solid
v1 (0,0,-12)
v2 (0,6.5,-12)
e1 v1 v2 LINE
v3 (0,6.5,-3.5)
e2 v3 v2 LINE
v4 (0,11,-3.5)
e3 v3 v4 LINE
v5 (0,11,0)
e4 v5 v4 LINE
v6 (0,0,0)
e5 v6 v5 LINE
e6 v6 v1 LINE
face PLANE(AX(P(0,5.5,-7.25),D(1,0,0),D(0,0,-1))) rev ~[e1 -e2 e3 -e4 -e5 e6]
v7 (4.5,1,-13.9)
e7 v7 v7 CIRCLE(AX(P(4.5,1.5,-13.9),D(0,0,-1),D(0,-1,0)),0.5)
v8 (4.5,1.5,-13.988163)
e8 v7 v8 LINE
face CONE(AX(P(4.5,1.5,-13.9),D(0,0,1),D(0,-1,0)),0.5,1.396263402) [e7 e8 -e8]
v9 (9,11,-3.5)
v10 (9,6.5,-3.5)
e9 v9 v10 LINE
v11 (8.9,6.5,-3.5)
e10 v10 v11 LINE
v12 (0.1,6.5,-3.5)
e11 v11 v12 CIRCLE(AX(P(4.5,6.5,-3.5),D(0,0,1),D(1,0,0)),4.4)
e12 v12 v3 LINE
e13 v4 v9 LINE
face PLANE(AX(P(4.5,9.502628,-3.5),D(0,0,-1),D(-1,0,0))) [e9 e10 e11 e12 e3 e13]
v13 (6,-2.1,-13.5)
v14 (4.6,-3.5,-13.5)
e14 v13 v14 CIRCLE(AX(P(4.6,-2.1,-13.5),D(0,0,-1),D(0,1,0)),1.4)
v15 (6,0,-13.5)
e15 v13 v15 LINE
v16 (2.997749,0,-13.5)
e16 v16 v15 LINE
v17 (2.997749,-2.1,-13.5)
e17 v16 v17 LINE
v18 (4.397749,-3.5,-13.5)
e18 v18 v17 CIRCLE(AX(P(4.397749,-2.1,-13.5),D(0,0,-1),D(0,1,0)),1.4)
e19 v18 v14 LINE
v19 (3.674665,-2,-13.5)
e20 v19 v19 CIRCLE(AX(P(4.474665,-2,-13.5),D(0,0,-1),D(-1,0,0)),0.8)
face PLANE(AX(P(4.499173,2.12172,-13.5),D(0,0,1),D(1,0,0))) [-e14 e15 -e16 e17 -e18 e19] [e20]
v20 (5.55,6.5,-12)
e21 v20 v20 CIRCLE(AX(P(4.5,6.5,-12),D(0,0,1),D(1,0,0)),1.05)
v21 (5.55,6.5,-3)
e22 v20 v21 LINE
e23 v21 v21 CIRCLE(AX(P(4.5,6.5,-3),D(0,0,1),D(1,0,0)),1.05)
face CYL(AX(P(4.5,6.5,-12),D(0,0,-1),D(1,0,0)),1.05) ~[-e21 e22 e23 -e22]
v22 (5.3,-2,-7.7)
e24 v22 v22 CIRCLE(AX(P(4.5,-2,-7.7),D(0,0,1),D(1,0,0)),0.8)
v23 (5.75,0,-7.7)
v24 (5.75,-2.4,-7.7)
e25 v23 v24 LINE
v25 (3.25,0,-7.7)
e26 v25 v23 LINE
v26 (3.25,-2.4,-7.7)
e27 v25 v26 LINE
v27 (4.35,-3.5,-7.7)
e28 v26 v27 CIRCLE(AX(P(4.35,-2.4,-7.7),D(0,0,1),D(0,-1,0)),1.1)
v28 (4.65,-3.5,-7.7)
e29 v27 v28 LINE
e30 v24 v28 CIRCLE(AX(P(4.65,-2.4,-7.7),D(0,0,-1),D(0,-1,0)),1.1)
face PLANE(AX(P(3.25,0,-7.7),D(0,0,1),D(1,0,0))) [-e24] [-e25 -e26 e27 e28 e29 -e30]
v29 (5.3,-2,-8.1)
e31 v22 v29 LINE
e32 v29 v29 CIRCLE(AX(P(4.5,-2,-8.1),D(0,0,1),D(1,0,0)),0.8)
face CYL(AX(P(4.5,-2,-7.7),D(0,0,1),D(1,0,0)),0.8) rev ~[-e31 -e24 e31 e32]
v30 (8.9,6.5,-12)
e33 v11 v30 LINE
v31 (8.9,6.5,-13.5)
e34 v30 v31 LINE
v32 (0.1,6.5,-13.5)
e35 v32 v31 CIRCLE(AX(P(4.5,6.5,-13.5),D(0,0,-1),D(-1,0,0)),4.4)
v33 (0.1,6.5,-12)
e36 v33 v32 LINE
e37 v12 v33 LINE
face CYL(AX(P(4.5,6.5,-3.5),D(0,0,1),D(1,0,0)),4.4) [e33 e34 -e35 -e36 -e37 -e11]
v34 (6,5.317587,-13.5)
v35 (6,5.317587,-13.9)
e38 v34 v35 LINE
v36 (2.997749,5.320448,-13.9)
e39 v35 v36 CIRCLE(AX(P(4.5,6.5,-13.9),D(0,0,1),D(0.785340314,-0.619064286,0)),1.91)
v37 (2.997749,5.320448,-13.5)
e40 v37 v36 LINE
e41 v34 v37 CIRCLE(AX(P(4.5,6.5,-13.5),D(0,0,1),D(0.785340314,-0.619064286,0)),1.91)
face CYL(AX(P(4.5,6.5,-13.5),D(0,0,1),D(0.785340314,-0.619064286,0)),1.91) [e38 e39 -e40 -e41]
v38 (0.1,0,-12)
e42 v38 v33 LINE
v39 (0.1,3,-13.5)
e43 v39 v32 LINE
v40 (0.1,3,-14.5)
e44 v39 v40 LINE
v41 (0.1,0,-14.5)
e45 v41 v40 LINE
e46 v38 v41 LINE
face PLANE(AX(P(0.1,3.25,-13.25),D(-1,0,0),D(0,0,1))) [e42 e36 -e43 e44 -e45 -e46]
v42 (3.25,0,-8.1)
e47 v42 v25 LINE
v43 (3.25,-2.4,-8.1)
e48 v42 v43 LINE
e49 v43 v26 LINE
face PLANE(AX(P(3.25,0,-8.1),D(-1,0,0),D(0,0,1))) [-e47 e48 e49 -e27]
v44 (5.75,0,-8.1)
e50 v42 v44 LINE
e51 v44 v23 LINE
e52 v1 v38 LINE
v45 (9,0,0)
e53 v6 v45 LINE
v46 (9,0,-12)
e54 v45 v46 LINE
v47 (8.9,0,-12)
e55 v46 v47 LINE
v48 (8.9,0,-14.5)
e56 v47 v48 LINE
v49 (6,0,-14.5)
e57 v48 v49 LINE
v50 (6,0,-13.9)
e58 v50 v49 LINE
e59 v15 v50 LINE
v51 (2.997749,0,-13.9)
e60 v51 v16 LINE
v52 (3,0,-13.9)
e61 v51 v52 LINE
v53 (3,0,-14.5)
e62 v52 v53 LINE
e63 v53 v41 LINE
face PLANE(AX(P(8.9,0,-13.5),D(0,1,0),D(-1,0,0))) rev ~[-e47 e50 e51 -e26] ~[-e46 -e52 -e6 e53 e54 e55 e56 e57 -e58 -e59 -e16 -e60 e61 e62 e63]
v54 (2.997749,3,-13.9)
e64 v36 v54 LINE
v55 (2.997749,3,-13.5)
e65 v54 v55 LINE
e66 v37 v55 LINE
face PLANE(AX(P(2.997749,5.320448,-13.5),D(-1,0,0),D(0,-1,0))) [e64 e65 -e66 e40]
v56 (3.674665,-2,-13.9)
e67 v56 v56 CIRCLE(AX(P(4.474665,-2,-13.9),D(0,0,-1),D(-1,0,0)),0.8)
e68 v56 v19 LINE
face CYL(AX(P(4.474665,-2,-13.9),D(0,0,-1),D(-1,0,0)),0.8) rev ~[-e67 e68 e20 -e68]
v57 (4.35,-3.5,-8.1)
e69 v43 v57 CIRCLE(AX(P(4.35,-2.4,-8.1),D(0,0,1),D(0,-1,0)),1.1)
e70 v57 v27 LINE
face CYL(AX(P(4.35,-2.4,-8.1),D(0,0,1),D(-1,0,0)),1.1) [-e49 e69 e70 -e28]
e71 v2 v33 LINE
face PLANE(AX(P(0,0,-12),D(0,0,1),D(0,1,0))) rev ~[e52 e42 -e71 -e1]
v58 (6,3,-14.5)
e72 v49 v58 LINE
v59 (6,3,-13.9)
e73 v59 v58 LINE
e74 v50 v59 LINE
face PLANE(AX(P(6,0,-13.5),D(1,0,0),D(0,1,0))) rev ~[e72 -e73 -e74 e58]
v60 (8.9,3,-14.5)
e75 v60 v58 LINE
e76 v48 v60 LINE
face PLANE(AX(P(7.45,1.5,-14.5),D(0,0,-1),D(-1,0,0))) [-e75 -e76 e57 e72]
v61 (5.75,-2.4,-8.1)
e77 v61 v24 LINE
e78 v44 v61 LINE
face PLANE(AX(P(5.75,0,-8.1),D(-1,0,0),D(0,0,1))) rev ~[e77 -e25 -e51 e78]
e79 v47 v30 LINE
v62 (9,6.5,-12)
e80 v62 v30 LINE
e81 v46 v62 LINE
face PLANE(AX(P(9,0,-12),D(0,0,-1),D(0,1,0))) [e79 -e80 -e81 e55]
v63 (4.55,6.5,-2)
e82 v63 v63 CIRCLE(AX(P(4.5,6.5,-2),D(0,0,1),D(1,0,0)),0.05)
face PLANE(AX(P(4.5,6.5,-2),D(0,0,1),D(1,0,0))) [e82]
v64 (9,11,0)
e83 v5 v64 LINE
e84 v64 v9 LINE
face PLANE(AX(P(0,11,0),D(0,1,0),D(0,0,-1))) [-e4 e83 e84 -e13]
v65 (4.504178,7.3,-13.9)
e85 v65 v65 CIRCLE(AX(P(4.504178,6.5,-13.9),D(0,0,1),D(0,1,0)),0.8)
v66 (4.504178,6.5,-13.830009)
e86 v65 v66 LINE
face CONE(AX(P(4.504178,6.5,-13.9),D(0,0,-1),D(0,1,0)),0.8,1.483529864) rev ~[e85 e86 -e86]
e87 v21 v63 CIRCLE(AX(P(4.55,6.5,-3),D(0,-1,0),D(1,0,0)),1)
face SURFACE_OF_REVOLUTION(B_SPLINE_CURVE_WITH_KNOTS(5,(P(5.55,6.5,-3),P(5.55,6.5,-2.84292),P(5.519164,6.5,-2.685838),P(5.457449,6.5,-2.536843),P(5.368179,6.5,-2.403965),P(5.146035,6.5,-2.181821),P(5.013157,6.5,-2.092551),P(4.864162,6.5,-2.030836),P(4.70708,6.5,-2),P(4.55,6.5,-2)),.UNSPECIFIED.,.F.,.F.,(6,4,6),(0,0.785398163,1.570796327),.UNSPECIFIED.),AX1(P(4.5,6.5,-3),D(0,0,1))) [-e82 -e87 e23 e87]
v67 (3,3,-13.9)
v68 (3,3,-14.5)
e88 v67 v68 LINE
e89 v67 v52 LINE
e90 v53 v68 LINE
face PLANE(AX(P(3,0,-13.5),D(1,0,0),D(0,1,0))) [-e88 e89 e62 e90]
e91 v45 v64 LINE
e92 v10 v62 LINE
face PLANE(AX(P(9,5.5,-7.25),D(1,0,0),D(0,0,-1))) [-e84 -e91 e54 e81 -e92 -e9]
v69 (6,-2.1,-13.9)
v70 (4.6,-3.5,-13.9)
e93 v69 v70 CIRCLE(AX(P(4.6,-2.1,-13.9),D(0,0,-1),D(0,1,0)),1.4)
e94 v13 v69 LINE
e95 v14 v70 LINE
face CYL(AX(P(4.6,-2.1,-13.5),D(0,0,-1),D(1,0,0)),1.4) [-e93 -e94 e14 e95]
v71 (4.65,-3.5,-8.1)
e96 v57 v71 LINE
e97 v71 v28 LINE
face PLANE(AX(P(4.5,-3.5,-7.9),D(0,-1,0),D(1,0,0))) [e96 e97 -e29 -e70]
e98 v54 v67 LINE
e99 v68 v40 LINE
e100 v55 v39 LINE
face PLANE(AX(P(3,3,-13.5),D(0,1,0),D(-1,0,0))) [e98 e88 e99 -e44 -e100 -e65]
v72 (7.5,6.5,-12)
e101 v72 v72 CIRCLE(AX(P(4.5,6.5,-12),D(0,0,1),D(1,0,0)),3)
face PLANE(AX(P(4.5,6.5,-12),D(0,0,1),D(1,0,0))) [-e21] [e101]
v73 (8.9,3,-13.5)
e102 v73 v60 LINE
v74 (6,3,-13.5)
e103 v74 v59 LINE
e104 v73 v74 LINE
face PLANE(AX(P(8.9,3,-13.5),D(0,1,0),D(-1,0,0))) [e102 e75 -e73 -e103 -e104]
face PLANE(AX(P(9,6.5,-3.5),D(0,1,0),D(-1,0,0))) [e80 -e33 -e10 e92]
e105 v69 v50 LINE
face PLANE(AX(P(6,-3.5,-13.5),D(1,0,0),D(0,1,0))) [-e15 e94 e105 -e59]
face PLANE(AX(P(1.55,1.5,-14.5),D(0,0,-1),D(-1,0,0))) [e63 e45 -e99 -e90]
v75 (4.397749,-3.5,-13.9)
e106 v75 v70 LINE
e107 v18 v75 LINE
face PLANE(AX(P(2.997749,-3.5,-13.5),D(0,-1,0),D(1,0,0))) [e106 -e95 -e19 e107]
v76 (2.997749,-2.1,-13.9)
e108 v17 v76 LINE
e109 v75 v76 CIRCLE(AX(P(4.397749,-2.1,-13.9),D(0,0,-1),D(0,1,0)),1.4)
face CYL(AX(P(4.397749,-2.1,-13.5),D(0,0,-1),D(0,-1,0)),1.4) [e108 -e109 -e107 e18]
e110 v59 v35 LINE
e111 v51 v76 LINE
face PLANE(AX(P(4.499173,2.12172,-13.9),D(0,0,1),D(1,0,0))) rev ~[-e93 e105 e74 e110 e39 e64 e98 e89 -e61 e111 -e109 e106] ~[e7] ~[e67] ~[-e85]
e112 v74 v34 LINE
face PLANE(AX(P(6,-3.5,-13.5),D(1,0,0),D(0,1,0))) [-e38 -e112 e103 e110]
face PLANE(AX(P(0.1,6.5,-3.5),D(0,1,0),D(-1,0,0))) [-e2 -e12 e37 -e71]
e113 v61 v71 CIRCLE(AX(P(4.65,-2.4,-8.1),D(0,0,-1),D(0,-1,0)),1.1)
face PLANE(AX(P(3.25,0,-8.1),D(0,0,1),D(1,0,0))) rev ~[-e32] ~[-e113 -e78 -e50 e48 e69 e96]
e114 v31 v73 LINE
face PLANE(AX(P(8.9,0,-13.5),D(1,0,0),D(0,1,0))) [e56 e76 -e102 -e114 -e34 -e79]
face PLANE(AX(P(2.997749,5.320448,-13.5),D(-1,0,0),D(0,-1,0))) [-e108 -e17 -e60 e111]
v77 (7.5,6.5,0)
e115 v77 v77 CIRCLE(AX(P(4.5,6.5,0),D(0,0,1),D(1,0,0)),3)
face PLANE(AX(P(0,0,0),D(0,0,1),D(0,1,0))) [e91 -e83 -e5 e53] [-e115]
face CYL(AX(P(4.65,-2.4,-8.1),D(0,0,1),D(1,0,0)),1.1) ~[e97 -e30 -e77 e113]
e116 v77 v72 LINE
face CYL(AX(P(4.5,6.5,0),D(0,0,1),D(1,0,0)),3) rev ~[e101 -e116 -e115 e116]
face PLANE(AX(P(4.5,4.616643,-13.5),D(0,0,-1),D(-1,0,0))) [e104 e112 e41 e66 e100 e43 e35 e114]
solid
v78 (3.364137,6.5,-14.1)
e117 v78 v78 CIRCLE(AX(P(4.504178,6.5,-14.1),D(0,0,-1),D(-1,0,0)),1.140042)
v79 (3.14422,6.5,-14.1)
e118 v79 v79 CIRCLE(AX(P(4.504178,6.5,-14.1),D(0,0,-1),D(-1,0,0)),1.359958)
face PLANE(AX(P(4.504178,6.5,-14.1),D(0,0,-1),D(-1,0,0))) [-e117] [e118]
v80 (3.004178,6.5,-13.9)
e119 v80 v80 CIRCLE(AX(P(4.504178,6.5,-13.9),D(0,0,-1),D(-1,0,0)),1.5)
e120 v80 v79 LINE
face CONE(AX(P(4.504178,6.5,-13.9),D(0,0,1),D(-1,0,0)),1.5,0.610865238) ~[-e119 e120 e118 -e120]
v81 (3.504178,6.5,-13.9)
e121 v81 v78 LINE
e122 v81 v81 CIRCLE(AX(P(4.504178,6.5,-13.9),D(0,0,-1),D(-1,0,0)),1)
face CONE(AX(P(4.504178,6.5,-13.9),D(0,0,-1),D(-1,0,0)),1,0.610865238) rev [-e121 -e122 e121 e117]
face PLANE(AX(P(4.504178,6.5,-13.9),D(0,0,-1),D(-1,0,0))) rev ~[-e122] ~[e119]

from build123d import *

# Parameters (mm, degrees)
SKETCH1_W               = 14.5
SKETCH1_H               = 11
BOSS_EXTRUDE1_DEPTH     = 9
CUT_EXTRUDE1_DEPTH      = 21.303940504
CUT_EXTRUDE1_DEPTH_BACK = 11
SKETCH5_W               = 2.5
SKETCH5_H               = 6.5
CUT_EXTRUDE2_DEPTH      = 0.1
SKETCH6_W               = 2.5
SKETCH6_H               = 6.5
CUT_EXTRUDE3_DEPTH      = 0.1
CUT_EXTRUDE4_START      = -1
CUT_EXTRUDE4_DEPTH      = 1
SKETCH8_W               = 2.9
SKETCH8_H               = 3
BOSS_EXTRUDE2_DEPTH     = 1
SKETCH9_R               = 3
CUT_EXTRUDE5_DEPTH      = 12
BOSS_EXTRUDE4_DEPTH     = 0.4
FILLET1_R               = 1.4
SKETCH12_R              = 0.8
CUT_EXTRUDE6_DEPTH      = 0.4
SKETCH13_R              = 1.5
SKETCH13_R_2            = 1
BOSS_EXTRUDE6_DEPTH     = 0.2
BOSS_EXTRUDE6_DRAFT     = 35
SKETCH16_W              = 2.5
SKETCH16_H              = 0.4
BOSS_EXTRUDE7_DEPTH     = 3.5
SKETCH18_R              = 0.8
CUT_EXTRUDE8_DEPTH      = 0.4
FILLET2_R               = 1.1
SKETCH19_R              = 1.05
BOSS_EXTRUDE8_DEPTH     = 10
FILLET3_R               = 1


with BuildPart() as part:
    # Sketch1 → Boss-Extrude1 (new body)
    with BuildSketch(Plane(origin=(0, 0, 0), x_dir=(0, 0, -1), z_dir=(1, 0, 0))):
        with Locations((7.25, 5.5)):
            Rectangle(SKETCH1_W, SKETCH1_H)
    extrude(amount=BOSS_EXTRUDE1_DEPTH)

    # Sketch2 → Cut-Extrude1 (cut, two sides: drawn at the far end of the back side and taken through both)
    with BuildSketch(Plane(origin=(0, 0, -14.5), x_dir=(-1, 0, 0), z_dir=(0, 0, -1)).offset(-CUT_EXTRUDE1_DEPTH_BACK)):
        with BuildLine():
            Line((-9, 6.5), (-8.9, 6.5))
            ThreePointArc((-8.9, 6.5), (-4.5, 10.9), (-0.1, 6.5))
            Line((-0.1, 6.5), (0, 6.5))
            Line((0, 6.5), (0, 11))
            Line((0, 11), (-9, 11))
            Line((-9, 11), (-9, 6.5))
        make_face()
    extrude(amount=CUT_EXTRUDE1_DEPTH + CUT_EXTRUDE1_DEPTH_BACK, mode=Mode.SUBTRACT)

    # Sketch5 → Cut-Extrude2 (cut)
    with BuildSketch(Plane.ZY):
        with Locations((-13.25, 3.25)):
            Rectangle(SKETCH5_W, SKETCH5_H)
    extrude(amount=-CUT_EXTRUDE2_DEPTH, mode=Mode.SUBTRACT)

    # Sketch6 → Cut-Extrude3 (cut)
    with BuildSketch(Plane(origin=(9, 0, 0), x_dir=(0, 0, -1), z_dir=(1, 0, 0))):
        with Locations((13.25, 3.25)):
            Rectangle(SKETCH6_W, SKETCH6_H)
    extrude(amount=-CUT_EXTRUDE3_DEPTH, mode=Mode.SUBTRACT)

    # Sketch7 → Cut-Extrude4 (cut)
    with BuildSketch(Plane(origin=(0, 0, -14.5), x_dir=(-1, 0, 0), z_dir=(0, 0, -1)).offset(CUT_EXTRUDE4_START)):
        with BuildLine():
            Line((-8.9, 6.5), (-8.9, 0))
            Line((-8.9, 0), (-0.1, 0))
            Line((-0.1, 0), (-0.1, 6.5))
            ThreePointArc((-0.1, 6.5), (-4.5, 10.9), (-8.9, 6.5))
        make_face()
    extrude(amount=CUT_EXTRUDE4_DEPTH, mode=Mode.SUBTRACT)

    # Sketch8 → Boss-Extrude2 (add)
    with BuildSketch(Plane(origin=(0, 0, -13.5), x_dir=(-1, 0, 0), z_dir=(0, 0, -1))):
        with Locations((-7.45, 1.5)):
            Rectangle(SKETCH8_W, SKETCH8_H)
        with Locations((-1.55, 1.5)):
            Rectangle(SKETCH8_W, SKETCH8_H)
    extrude(amount=BOSS_EXTRUDE2_DEPTH)

    # Sketch9 → Cut-Extrude5 (cut)
    with BuildSketch(Plane.XY):
        with Locations((4.5, 6.5)):
            Circle(SKETCH9_R)
    extrude(amount=-CUT_EXTRUDE5_DEPTH, mode=Mode.SUBTRACT)



with BuildPart() as body_2:
    # Sketch10 → Boss-Extrude4 (new body)
    with BuildSketch(Plane(origin=(0, 0, -13.5), x_dir=(-1, 0, 0), z_dir=(0, 0, -1))):
        with BuildLine():
            Line((-6, 0), (-6, 5.317587213))
            ThreePointArc((-6, 5.317587213), (-4.501820172, 8.409999133), (-2.997749118, 5.320448268))
            Line((-2.997749118, 5.320448268), (-2.997749118, 0))
            Line((-2.997749118, 0), (-2.997749118, -3.5))
            Line((-2.997749118, -3.5), (-6, -3.5))
            Line((-6, -3.5), (-6, 0))
        make_face()
    extrude(amount=BOSS_EXTRUDE4_DEPTH)


with BuildPart() as part_1:
    add(part.part)

    add(body_2.part)  # Boss-Extrude5 merges body 2
    # Boss-Extrude5 cone 1 section (through the dimple's axis) → Boss-Extrude5 (revolve)
    with BuildSketch(Plane(origin=(4.5, 1.5, -13.9), x_dir=(0, -1, 0), z_dir=(1, 0, 0))):
        Polygon((0, 0), (0.5, 0), (0, 0.08816349), align=None)
    revolve(axis=Axis((4.5, 1.5, -13.9), (0, 0, -1)))

    # Fillet1
    fillet1_edges = [part_1.edges().sort_by_distance(p)[0] for p in [
        (2.997749118, -3.5, -13.7),
        (6, -3.5, -13.7),
    ]]
    fillet(fillet1_edges, radius=FILLET1_R)

    # Sketch12 → Cut-Extrude6 (cut)
    with BuildSketch(Plane(origin=(0, 0, -13.9), x_dir=(-1, 0, 0), z_dir=(0, 0, -1))):
        with Locations((-4.474664636, -2)):
            Circle(SKETCH12_R)
    extrude(amount=-CUT_EXTRUDE6_DEPTH, mode=Mode.SUBTRACT)

    # Cut-Extrude7 cone 1 section (through the dimple's axis) → Cut-Extrude7 (revolve, cut)
    with BuildSketch(Plane(origin=(4.504178443, 6.5, -13.9), x_dir=(0, 1, 0), z_dir=(1, 0, 0))):
        Polygon((0, 0), (0.8, 0), (0, 0.069990931), align=None)
    revolve(axis=Axis((4.504178443, 6.5, -13.9), (0, 0, 1)), mode=Mode.SUBTRACT)

    # Sketch16 → Boss-Extrude7 (add)
    with BuildSketch(Plane.XZ):
        with Locations((4.5, -7.9)):
            Rectangle(SKETCH16_W, SKETCH16_H)
    extrude(amount=BOSS_EXTRUDE7_DEPTH)

    # Sketch18 → Cut-Extrude8 (cut)
    with BuildSketch(Plane.XY.offset(-7.7)):
        with Locations((4.5, -2)):
            Circle(SKETCH18_R)
    extrude(amount=-CUT_EXTRUDE8_DEPTH, mode=Mode.SUBTRACT)

    # Fillet2
    fillet2_edges = [part_1.edges().sort_by_distance(p)[0] for p in [
        (3.25, -3.5, -7.9),
        (5.75, -3.5, -7.9),
    ]]
    fillet(fillet2_edges, radius=FILLET2_R)

    # Sketch19 → Boss-Extrude8 (add)
    with BuildSketch(Plane.XY.offset(-12)):
        with Locations((4.5, 6.5)):
            Circle(SKETCH19_R)
    extrude(amount=BOSS_EXTRUDE8_DEPTH)

    # Fillet3
    fillet3_edges = [part_1.edges().sort_by_distance(p)[0] for p in [
        (3.45, 6.5, -2),
    ]]
    fillet(fillet3_edges, radius=FILLET3_R)


with BuildPart() as body_2_2:
    # Sketch13 → Boss-Extrude6 (with draft: the straight prism first)
    with BuildSketch(Plane(origin=(0, 0, -13.9), x_dir=(-1, 0, 0), z_dir=(0, 0, -1))):
        with Locations((-4.504178443, 6.5)):
            Circle(SKETCH13_R)
        with Locations((-4.504178443, 6.5)):
            Circle(SKETCH13_R_2, mode=Mode.SUBTRACT)
    extrude(amount=BOSS_EXTRUDE6_DEPTH)
    # Boss-Extrude6: the draft: its side faces are tilted about the plane it starts from
    boss_extrude6_sides = [body_2_2.faces().sort_by_distance(p)[0] for p in [
        (6.004178443, 6.5, -14),
        (5.504178443, 6.5, -14),
    ]]
    draft(boss_extrude6_sides, Plane(origin=(0, 0, -13.9), x_dir=(-1, 0, 0), z_dir=(0, 0, -1)), BOSS_EXTRUDE6_DRAFT)


solid = Compound([part_1.part, body_2_2.part])
